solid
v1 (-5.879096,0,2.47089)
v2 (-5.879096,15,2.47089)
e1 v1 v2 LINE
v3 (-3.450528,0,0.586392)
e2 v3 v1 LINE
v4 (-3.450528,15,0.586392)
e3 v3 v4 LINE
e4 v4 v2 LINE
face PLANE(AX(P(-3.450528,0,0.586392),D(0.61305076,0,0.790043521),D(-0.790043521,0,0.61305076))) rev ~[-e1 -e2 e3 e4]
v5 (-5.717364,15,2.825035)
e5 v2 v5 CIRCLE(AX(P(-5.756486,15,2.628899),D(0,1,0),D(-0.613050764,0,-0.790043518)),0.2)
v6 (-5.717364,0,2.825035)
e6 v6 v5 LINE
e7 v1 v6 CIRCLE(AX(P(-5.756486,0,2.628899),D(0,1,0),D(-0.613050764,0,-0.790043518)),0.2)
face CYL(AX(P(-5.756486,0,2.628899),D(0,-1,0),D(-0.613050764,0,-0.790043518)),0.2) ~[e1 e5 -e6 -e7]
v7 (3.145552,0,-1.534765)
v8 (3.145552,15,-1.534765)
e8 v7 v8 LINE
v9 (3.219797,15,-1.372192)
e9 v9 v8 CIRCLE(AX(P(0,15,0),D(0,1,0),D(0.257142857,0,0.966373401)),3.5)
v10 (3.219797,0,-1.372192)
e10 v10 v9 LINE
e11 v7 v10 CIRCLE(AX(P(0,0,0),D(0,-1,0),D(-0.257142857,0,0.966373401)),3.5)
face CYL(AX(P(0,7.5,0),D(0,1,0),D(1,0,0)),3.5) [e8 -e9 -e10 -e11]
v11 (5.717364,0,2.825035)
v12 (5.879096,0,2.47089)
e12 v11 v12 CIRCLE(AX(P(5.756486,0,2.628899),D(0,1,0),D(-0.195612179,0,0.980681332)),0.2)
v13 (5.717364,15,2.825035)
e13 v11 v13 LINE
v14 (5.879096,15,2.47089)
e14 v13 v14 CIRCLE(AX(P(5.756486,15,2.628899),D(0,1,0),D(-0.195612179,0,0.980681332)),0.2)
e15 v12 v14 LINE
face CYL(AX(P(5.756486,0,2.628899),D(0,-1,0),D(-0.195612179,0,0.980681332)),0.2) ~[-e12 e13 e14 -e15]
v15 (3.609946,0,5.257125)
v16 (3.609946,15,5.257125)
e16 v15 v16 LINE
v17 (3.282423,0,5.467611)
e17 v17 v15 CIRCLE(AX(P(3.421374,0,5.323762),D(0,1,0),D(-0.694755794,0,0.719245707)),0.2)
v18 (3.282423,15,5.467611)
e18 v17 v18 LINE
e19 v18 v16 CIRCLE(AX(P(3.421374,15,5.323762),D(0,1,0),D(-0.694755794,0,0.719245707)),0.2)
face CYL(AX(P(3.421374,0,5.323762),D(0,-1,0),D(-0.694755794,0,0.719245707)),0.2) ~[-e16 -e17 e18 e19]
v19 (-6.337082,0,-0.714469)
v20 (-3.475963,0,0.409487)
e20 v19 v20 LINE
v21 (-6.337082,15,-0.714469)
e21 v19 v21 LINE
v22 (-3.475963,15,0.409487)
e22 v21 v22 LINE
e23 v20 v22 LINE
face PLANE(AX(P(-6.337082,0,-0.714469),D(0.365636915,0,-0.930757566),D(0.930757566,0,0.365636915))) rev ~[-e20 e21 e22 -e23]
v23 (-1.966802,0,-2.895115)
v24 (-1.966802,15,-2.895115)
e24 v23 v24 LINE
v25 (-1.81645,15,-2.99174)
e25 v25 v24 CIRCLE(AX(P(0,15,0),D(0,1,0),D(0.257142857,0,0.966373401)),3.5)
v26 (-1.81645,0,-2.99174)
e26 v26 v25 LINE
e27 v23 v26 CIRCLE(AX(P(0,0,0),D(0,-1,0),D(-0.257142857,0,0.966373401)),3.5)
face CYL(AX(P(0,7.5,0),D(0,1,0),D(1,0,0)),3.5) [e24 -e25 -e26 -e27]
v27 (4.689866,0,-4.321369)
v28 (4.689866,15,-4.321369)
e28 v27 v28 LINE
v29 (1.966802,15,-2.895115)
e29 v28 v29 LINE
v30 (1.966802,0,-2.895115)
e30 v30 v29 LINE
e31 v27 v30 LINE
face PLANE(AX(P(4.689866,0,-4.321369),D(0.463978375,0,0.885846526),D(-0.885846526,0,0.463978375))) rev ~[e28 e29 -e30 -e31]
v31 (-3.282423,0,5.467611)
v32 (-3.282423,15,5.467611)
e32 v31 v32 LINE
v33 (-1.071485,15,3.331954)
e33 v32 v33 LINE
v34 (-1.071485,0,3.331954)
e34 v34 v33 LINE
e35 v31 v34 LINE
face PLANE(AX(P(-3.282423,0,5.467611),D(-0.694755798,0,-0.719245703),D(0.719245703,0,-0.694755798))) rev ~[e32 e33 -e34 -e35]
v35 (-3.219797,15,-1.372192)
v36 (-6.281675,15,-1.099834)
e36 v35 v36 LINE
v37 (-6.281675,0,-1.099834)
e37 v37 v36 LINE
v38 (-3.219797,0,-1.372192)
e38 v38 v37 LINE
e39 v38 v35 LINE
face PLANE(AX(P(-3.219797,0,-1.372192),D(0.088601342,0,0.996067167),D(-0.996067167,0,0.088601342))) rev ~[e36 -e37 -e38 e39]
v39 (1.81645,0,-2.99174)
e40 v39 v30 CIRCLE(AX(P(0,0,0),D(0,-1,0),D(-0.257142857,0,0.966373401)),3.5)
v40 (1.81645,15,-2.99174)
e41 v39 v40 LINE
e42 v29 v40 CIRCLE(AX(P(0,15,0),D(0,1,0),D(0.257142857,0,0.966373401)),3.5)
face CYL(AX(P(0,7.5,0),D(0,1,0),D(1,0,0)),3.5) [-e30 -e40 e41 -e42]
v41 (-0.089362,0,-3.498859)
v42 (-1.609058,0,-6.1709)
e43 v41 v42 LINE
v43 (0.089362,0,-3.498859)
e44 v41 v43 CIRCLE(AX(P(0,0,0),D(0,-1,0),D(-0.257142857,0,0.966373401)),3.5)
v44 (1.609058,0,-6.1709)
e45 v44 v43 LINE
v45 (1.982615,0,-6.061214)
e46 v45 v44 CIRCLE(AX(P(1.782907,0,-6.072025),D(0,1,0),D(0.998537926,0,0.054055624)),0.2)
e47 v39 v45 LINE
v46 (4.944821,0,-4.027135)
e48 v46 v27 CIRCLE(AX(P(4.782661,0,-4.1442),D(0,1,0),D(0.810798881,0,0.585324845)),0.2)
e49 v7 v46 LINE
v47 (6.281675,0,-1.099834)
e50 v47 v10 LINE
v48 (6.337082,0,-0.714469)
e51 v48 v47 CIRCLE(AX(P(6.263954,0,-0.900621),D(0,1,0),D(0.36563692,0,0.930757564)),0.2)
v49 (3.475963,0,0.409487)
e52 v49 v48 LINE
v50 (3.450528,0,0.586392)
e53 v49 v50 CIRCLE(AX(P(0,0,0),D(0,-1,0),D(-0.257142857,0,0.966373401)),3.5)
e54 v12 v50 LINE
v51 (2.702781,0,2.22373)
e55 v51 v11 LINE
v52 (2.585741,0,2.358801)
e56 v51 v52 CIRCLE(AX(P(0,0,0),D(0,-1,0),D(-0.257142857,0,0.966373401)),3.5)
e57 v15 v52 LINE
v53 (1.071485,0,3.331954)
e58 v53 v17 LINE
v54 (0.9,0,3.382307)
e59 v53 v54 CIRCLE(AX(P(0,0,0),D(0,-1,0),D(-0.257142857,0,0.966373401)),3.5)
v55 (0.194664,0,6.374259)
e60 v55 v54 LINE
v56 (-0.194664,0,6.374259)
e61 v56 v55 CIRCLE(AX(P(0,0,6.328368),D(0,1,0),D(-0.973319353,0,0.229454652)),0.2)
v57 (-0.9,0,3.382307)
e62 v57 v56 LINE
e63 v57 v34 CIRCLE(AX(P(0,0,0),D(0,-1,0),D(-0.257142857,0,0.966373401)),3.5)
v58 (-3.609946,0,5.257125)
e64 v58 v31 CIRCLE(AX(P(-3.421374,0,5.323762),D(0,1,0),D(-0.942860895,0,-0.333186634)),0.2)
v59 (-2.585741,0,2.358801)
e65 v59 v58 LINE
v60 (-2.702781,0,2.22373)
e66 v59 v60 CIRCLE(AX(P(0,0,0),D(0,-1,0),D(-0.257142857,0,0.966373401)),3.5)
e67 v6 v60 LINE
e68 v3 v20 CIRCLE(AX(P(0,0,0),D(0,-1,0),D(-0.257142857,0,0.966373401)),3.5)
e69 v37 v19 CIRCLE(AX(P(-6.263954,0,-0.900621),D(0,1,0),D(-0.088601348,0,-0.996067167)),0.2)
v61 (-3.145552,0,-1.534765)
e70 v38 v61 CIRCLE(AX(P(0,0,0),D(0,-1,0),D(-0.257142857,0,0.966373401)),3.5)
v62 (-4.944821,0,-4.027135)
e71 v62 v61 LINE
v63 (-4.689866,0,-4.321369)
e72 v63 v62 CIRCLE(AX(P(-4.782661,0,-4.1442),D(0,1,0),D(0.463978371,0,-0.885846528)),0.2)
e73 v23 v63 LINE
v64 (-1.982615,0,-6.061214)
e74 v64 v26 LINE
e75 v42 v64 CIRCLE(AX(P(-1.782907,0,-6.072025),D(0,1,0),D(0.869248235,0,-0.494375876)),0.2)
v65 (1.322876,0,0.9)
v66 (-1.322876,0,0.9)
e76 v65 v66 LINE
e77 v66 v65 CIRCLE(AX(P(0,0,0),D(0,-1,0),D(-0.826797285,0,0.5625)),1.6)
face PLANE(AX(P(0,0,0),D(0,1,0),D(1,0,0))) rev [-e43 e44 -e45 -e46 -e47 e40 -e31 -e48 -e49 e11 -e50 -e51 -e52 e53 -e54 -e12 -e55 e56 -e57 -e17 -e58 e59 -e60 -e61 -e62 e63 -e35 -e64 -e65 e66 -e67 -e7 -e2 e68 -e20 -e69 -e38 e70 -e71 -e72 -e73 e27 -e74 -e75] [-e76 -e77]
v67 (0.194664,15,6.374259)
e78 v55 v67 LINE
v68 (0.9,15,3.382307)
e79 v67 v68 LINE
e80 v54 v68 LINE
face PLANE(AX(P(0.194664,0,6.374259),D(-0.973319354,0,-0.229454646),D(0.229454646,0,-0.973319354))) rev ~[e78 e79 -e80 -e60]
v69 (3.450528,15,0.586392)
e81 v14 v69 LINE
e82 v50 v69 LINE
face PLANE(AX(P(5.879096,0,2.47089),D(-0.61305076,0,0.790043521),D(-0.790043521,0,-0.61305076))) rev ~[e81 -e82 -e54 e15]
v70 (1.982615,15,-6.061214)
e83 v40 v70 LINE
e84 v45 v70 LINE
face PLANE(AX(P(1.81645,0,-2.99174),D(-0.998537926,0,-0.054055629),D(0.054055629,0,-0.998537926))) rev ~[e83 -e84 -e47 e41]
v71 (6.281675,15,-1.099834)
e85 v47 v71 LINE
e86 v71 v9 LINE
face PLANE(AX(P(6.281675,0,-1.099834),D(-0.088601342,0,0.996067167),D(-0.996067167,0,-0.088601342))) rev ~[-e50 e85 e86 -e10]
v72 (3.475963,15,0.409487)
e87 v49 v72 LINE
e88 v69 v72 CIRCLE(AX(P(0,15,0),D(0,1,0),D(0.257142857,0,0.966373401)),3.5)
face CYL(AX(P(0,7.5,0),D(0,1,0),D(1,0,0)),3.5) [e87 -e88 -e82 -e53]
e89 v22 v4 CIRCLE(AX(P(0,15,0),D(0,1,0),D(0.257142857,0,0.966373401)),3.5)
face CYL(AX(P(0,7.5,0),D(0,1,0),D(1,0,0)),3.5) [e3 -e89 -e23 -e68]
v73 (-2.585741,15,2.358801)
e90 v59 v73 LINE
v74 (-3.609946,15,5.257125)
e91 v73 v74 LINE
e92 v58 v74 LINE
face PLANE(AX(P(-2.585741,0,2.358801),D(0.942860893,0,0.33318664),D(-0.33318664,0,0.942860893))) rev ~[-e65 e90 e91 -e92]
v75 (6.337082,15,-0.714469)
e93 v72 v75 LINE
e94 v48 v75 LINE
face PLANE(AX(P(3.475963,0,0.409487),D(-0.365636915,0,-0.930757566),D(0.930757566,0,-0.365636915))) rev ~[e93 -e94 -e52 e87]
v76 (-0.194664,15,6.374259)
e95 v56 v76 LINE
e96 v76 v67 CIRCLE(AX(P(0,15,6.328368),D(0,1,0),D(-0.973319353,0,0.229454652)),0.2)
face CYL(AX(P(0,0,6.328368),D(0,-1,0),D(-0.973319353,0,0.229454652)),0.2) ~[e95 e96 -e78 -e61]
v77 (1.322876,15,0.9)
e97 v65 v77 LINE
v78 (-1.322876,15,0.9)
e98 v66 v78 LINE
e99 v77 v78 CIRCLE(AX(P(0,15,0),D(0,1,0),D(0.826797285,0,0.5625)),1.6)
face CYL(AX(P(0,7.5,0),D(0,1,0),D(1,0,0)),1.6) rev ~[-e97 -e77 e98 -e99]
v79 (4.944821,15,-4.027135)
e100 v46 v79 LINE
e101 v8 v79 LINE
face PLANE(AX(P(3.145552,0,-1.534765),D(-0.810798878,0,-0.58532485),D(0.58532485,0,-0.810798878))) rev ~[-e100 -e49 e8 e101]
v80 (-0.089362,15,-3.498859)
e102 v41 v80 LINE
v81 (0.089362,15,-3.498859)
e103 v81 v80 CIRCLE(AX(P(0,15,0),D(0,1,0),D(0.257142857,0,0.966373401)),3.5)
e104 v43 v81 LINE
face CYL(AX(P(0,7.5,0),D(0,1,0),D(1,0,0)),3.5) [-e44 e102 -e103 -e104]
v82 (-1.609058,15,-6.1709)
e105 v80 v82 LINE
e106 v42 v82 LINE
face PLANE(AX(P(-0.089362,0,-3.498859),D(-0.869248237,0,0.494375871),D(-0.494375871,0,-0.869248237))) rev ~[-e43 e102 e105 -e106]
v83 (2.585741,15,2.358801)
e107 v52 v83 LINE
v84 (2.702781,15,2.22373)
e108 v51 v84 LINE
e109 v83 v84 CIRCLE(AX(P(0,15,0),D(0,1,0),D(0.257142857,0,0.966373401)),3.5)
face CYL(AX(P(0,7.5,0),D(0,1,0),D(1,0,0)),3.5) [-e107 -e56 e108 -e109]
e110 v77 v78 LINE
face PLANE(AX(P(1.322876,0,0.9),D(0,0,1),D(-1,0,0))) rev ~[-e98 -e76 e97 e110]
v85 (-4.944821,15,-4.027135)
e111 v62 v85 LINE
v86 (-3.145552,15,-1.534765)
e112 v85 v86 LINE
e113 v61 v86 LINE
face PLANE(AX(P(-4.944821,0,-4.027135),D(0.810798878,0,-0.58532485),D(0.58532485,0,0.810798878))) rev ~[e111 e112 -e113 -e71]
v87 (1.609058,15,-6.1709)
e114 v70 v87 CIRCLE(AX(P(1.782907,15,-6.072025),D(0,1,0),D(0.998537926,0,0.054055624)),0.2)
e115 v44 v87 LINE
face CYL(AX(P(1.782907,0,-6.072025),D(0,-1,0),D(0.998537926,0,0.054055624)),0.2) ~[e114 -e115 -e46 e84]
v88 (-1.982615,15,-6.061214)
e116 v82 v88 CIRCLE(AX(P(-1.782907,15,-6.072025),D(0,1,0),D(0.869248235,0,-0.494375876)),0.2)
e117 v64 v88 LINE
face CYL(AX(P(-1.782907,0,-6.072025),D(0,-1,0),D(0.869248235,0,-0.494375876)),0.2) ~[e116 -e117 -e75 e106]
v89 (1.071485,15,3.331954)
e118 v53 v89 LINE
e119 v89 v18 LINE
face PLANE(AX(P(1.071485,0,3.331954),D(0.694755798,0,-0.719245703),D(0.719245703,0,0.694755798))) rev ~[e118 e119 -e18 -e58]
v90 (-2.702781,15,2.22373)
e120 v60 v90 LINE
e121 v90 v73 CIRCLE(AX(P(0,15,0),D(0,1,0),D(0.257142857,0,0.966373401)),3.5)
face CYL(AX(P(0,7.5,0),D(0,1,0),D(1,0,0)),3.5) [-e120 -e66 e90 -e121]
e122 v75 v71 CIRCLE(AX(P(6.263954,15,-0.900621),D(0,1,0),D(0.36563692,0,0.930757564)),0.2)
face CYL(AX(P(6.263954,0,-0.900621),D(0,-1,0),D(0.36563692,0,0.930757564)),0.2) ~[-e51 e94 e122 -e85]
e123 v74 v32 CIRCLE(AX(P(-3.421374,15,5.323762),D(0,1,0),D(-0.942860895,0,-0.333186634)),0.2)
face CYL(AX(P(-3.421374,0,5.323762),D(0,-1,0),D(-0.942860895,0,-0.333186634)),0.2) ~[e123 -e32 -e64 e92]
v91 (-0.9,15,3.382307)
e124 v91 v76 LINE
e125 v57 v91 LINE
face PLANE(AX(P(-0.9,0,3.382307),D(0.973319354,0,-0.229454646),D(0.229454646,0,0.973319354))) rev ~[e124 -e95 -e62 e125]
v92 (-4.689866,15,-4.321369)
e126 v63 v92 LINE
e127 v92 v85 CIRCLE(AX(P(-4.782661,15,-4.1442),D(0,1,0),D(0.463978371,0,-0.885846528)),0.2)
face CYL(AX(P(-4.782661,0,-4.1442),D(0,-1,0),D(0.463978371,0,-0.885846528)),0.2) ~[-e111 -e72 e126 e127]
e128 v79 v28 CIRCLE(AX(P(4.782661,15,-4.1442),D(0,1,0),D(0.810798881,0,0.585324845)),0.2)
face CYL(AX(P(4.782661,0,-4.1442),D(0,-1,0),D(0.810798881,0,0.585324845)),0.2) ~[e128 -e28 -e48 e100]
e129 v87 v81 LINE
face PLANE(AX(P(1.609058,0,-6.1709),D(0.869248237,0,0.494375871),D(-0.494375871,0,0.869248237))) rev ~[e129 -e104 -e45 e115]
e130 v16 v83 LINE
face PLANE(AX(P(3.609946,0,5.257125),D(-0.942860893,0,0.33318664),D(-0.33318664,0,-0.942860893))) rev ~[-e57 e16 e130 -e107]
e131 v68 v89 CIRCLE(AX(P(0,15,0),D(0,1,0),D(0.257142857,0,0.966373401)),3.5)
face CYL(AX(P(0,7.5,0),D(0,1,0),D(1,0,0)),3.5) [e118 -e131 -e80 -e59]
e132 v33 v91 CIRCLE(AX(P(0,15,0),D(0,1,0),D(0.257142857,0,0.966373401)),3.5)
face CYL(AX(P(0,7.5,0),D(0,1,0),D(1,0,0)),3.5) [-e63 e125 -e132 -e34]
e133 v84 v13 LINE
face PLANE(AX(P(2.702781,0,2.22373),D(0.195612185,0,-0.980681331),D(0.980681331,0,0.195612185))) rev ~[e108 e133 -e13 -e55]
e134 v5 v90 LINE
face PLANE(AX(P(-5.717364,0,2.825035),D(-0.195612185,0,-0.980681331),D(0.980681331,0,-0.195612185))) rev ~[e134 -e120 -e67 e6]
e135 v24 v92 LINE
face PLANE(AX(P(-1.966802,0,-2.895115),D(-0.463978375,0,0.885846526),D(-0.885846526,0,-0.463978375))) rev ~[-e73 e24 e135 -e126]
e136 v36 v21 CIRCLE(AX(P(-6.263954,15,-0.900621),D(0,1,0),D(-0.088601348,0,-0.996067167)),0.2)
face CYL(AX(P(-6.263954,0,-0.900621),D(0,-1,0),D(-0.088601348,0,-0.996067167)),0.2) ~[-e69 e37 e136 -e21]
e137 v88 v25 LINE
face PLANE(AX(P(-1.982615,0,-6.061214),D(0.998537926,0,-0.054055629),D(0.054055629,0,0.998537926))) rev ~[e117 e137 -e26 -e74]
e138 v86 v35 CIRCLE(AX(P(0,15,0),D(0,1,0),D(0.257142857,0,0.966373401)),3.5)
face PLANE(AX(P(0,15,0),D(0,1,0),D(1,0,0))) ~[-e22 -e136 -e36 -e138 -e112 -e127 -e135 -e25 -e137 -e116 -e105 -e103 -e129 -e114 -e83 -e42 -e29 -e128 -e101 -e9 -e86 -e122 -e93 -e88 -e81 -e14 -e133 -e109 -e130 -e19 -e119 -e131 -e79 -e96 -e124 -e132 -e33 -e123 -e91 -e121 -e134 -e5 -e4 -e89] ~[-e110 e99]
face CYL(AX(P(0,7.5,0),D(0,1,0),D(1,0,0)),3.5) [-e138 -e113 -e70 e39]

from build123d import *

# Parameters (mm, degrees)
ESBO_O1_W                = 1.9
ESBO_O1_H                = 15
RESSALTO_EXTRUS_O1_DEPTH = 15
PADR_OCIRCULAR1_COUNT    = 11
RESSALTO_EXTRUS_O2_DEPTH = 15


with BuildPart() as part:
    # Esboço1 → Revolução1 (revolve)
    with BuildSketch(Plane.XY):
        with Locations((2.55, 7.5)):
            Rectangle(ESBO_O1_W, ESBO_O1_H)
    revolve(axis=Axis((0, 0, 0), (0, 1, 0)))

    # Esboço3 → Ressalto-extrusão1 (add)
    with BuildSketch(Plane(origin=(0, 0, 0), x_dir=(-1, 0, 0), z_dir=(0, -1, 0))):
        with BuildLine():
            Line((-0.194663871, -6.374258983), (-0.9, -3.382306905))
            ThreePointArc((-0.9, -3.382306905), (0, -3.5), (0.9, -3.382306905))
            Line((0.9, -3.382306905), (0.194663871, -6.374258983))
            ThreePointArc((0.194663871, -6.374258983), (0, -6.528368053), (-0.194663871, -6.374258983))
        make_face()
    extrude(amount=-RESSALTO_EXTRUS_O1_DEPTH)

    # PadrãoCircular1: part ×11 about axis
    padr_ocircular1_axis = Axis((0, 0, 0), (0, 1, 0))


with BuildPart() as part_1:
    add(part.part)
    for i in range(1, PADR_OCIRCULAR1_COUNT):
        add(part.part.rotate(padr_ocircular1_axis, i * 360 / PADR_OCIRCULAR1_COUNT))

    # Esboço4 → Ressalto-extrusão2 (add)
    with BuildSketch(Plane.XZ):
        with BuildLine():
            Line((1.322875656, 0.9), (-1.322875656, 0.9))
            ThreePointArc((-1.322875656, 0.9), (0, 1.6), (1.322875656, 0.9))
        make_face()
    extrude(amount=-RESSALTO_EXTRUS_O2_DEPTH)


solid = part_1.part
